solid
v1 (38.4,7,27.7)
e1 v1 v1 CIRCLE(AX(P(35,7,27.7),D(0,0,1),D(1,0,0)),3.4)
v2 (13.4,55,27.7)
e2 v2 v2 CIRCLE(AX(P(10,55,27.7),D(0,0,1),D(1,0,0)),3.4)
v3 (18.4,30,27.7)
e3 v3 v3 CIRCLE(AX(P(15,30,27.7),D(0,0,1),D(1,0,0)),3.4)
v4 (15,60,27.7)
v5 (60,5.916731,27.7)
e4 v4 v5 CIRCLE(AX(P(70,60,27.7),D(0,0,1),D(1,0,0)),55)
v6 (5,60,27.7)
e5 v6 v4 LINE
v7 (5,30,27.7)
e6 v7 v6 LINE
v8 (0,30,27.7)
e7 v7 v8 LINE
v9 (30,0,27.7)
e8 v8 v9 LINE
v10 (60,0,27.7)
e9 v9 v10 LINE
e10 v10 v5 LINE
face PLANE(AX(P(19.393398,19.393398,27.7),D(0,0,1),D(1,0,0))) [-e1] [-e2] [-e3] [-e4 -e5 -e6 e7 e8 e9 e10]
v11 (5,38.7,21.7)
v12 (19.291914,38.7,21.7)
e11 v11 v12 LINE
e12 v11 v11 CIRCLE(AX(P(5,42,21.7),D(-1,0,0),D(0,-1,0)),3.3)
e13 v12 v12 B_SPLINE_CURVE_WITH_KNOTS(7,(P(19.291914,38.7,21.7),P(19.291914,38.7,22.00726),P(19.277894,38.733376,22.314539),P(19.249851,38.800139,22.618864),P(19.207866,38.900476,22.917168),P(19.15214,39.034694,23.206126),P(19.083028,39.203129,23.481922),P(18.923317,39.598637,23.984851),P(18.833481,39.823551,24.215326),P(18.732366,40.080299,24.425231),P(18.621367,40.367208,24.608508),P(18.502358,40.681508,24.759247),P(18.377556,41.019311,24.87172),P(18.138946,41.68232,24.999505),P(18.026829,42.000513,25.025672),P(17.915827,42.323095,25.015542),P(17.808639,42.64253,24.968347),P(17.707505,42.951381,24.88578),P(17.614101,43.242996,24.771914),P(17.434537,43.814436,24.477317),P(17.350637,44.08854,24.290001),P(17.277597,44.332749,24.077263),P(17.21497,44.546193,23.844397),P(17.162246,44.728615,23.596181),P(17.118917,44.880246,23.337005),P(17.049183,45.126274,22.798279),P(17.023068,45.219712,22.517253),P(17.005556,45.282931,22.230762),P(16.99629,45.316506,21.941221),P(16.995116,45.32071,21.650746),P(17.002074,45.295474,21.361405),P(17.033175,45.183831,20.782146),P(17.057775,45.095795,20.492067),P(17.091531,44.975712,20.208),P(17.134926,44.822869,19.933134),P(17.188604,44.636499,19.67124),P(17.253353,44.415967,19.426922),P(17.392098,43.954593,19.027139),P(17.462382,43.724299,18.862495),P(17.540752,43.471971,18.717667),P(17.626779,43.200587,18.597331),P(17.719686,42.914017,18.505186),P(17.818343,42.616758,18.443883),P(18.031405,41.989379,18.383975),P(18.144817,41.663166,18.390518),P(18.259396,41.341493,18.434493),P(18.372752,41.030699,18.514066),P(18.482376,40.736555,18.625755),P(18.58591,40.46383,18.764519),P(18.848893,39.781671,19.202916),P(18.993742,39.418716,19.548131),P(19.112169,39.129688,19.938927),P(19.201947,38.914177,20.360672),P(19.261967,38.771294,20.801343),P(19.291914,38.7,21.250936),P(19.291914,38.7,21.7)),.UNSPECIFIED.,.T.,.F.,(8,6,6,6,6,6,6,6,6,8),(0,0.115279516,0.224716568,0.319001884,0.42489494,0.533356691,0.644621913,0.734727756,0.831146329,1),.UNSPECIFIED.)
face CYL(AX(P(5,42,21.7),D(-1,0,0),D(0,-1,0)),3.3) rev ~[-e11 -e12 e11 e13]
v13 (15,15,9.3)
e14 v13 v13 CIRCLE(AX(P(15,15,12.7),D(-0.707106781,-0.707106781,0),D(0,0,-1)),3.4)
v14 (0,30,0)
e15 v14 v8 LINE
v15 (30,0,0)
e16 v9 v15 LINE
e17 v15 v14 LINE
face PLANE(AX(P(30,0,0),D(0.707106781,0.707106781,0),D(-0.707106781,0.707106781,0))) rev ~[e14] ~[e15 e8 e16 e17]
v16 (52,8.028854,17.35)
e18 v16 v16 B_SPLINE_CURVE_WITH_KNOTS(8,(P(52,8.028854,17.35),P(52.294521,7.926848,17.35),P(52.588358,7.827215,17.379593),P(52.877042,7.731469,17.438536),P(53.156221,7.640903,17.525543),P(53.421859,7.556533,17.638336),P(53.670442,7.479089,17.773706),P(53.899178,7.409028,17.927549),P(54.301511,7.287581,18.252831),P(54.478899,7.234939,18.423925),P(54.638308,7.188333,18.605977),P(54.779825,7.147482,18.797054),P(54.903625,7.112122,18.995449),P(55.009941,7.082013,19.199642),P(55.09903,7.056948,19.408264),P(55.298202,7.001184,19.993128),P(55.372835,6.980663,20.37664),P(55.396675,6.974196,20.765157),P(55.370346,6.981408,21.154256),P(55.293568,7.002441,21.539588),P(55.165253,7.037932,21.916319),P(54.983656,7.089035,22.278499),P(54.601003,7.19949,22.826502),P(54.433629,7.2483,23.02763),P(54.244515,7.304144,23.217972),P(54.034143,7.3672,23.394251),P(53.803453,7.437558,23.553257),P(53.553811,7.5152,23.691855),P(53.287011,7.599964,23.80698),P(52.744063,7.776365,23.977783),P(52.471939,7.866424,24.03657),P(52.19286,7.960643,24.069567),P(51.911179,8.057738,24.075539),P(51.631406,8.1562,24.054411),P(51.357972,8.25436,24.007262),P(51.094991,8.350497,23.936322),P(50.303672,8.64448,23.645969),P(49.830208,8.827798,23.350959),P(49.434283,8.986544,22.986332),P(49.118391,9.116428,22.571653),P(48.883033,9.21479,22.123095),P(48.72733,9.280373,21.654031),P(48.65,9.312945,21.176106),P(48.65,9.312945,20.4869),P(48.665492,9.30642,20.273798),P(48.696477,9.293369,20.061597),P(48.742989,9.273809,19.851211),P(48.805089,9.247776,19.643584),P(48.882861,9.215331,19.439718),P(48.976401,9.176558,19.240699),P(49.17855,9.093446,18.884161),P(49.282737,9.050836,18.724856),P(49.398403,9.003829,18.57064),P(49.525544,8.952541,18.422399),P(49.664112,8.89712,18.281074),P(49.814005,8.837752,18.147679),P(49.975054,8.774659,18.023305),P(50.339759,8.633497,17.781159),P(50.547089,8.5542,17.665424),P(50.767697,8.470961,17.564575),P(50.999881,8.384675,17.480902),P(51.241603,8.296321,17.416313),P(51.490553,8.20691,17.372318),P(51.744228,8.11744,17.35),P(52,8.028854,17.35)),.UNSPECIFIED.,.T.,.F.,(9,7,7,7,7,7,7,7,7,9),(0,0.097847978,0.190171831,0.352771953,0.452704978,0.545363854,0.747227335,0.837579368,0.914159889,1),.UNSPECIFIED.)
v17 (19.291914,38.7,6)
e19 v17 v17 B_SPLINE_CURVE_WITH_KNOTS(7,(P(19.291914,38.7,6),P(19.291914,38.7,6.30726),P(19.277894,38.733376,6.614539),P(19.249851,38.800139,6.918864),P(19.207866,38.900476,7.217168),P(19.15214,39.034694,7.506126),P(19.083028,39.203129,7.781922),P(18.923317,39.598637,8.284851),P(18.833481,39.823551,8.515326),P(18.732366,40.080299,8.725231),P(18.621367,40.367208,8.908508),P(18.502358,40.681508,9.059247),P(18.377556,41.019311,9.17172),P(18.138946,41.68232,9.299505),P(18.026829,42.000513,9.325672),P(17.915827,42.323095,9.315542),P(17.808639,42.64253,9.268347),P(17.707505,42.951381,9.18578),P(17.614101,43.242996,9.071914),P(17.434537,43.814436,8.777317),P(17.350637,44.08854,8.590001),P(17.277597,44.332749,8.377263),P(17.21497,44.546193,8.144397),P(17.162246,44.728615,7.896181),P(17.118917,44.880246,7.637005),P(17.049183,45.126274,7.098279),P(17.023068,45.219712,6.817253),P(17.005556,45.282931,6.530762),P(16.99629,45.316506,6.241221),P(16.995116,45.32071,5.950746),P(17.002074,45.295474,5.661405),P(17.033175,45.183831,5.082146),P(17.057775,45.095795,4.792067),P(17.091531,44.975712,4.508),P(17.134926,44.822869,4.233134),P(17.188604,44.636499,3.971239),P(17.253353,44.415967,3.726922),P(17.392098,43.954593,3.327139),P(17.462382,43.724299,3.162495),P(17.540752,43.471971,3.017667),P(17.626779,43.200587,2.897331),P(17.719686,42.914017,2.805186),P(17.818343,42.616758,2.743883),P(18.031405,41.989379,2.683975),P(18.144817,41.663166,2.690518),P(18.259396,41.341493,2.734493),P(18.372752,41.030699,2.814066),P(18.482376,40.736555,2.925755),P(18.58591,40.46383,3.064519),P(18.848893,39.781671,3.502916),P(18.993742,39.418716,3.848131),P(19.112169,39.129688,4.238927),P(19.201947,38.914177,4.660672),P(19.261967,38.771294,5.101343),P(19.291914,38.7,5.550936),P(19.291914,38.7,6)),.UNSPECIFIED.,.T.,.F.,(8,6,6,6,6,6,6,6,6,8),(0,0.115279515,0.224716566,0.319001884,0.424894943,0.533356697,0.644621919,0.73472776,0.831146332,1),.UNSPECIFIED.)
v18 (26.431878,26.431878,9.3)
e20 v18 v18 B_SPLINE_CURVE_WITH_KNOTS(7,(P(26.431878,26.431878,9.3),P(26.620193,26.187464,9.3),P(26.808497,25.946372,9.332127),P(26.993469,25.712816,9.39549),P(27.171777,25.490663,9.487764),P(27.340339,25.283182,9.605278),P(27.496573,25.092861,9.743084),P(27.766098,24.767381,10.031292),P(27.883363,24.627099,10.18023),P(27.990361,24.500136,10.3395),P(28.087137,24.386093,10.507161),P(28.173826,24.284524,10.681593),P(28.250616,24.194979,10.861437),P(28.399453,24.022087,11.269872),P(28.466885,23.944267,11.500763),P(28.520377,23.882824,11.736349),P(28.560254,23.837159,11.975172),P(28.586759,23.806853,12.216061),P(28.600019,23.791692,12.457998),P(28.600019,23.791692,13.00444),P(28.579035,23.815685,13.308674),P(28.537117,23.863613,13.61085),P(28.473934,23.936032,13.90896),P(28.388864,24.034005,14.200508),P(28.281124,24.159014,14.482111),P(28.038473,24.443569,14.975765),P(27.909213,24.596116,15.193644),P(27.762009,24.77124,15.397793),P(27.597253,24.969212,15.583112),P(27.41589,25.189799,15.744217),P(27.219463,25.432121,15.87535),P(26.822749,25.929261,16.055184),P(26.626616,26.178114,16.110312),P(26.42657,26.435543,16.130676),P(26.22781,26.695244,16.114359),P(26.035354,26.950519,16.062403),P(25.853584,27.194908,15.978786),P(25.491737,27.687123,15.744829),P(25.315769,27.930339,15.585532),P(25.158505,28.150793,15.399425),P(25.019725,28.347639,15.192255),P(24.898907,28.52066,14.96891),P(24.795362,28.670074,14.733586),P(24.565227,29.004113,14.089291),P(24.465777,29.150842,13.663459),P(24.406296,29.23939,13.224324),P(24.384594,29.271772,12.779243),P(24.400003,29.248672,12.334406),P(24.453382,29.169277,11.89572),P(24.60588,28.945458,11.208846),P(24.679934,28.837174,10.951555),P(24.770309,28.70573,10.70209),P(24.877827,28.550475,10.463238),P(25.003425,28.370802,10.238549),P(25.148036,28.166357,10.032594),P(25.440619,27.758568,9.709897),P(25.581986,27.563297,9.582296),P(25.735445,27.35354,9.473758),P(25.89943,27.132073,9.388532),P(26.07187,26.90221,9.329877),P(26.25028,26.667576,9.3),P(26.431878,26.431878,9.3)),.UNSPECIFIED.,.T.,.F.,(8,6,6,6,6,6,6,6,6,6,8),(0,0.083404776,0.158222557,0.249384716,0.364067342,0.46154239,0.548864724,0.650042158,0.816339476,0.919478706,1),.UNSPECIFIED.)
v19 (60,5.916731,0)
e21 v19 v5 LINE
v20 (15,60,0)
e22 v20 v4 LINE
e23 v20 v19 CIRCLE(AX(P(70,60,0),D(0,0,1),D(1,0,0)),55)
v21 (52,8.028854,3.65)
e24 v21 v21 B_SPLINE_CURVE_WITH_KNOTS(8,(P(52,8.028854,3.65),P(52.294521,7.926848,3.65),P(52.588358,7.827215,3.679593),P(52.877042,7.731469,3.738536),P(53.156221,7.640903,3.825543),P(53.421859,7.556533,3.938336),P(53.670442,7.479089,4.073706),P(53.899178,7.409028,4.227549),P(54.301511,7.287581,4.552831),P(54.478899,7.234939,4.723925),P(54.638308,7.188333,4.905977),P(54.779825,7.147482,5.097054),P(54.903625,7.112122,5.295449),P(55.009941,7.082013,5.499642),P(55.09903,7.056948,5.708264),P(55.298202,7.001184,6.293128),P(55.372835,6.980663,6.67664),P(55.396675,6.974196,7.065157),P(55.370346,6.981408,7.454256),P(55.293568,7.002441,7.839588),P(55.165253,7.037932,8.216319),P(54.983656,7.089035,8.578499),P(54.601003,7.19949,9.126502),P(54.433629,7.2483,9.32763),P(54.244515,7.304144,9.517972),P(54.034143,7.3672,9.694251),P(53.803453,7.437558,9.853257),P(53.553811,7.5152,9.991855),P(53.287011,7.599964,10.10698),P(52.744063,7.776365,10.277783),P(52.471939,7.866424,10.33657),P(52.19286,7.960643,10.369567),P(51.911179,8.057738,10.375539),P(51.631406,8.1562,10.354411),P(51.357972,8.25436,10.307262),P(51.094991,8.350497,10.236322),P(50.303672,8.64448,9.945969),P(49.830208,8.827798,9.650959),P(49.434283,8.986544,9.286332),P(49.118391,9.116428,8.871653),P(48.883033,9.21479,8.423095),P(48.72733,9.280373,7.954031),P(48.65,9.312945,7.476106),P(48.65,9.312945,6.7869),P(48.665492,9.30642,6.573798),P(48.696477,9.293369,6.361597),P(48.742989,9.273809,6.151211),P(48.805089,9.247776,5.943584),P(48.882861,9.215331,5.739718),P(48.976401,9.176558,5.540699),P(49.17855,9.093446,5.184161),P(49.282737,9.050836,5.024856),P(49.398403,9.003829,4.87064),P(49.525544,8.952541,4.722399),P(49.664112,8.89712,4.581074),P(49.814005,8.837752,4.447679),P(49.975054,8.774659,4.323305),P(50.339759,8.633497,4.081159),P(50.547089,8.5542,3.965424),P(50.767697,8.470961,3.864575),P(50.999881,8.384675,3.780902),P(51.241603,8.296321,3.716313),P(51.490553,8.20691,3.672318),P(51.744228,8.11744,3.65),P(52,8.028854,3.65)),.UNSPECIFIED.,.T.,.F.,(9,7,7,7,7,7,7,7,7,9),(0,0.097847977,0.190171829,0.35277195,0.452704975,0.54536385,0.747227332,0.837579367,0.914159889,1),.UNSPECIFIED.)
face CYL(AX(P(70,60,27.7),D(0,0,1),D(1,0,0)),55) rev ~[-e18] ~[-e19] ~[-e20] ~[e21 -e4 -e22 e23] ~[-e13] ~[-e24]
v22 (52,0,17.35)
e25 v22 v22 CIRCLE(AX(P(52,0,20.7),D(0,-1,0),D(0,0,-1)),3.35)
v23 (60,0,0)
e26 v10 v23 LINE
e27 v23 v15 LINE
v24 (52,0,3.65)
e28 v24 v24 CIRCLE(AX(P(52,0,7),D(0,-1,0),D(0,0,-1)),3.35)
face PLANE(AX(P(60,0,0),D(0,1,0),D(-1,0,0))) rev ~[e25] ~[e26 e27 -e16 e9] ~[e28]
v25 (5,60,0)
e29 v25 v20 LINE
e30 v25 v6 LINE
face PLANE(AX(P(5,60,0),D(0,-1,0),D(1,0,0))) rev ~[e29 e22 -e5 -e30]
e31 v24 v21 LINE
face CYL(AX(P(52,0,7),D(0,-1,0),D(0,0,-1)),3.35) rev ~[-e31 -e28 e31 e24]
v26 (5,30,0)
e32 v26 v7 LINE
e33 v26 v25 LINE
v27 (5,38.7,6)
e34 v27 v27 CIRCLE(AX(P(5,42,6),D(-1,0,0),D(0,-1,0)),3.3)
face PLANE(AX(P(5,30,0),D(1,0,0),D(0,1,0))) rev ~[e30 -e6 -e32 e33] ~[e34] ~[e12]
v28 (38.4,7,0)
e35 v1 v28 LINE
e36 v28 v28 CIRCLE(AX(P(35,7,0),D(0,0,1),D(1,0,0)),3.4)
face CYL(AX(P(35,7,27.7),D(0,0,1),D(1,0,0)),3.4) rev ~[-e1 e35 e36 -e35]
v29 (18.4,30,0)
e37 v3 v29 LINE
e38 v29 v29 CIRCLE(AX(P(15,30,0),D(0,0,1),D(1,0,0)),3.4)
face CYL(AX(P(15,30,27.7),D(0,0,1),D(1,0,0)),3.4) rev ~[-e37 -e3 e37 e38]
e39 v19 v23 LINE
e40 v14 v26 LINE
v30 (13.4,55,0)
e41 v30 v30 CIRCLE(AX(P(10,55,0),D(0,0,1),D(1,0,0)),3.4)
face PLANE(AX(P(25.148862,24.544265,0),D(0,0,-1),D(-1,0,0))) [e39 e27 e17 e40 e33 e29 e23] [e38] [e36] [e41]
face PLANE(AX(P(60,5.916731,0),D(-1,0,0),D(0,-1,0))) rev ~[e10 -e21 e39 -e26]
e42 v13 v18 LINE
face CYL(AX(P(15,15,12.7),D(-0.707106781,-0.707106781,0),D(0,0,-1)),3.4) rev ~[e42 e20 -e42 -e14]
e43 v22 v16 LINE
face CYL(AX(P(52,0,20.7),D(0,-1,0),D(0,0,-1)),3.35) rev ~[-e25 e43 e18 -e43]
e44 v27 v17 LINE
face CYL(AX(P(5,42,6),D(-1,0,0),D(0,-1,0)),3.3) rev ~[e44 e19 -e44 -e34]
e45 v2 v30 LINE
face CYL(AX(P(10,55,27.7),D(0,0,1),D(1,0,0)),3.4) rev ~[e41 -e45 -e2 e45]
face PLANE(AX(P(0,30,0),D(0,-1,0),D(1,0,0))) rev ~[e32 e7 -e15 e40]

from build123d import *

# Parameters (mm, degrees)
SKETCH_1_W          = 30
SKETCH_1_H          = 30
SKETCH_1_W_2        = 25
EXTRUDE_1_DEPTH     = 27.7
SKETCH_3_R          = 55
CUT_EXTRUDE_1_DEPTH = 40
SKETCH_4_R          = 3.4
CUT_EXTRUDE_2_DEPTH = 90.259677346
SKETCH_5_R          = 3.3
CUT_EXTRUDE_3_DEPTH = 86.978427527
SKETCH_6_R          = 3.35
CUT_EXTRUDE_4_DEPTH = 90.259677512
EXTRUDE_2_DEPTH     = 50
SKETCH_8_R          = 3.4
CUT_EXTRUDE_5_DEPTH = 50
CUT_EXTRUDE_START   = -50
CUT_EXTRUDE_6_DEPTH = 50


with BuildPart() as part:
    # 草图1 → 凸台-拉伸1 (new body)
    with BuildSketch(Plane.XY):
        Polygon((0, 30), (30, 0), (30, 30), align=None)
        with Locations((45, 15)):
            Rectangle(SKETCH_1_W, SKETCH_1_H)
        with Locations((17.5, 45)):
            Rectangle(SKETCH_1_W_2, SKETCH_1_H)
    extrude(amount=EXTRUDE_1_DEPTH)

    # 草图3 → 切除-拉伸1 (cut)
    with BuildSketch(Plane.XY.offset(27.7)):
        with Locations((70, 60)):
            Circle(SKETCH_3_R)
    extrude(amount=-CUT_EXTRUDE_1_DEPTH, mode=Mode.SUBTRACT)

    # 草图4 → 切除-拉伸2 (cut, through all)
    with BuildSketch(Plane.XY.offset(27.7)):
        with Locations((35, 7)):
            Circle(SKETCH_4_R)
        with Locations((10, 55)):
            Circle(SKETCH_4_R)
        with Locations((15, 30)):
            Circle(SKETCH_4_R)
    extrude(amount=-CUT_EXTRUDE_2_DEPTH, mode=Mode.SUBTRACT)

    # 草图5 → 切除-拉伸3 (cut, through all)
    with BuildSketch(Plane.ZY.offset(-5)):
        with Locations(Location((6, 42, 0), (0, 0, 270))):
            Circle(SKETCH_5_R)
        with Locations(Location((21.7, 42, 0), (0, 0, 270))):
            Circle(SKETCH_5_R)
    extrude(amount=-CUT_EXTRUDE_3_DEPTH, mode=Mode.SUBTRACT)

    # 草图6 → 切除-拉伸4 (cut, through all)
    with BuildSketch(Plane.XZ):
        with Locations(Location((52, 20.7, 0), (0, 0, 270))):
            Circle(SKETCH_6_R)
        with Locations(Location((52, 7, 0), (0, 0, 270))):
            Circle(SKETCH_6_R)
    extrude(amount=-CUT_EXTRUDE_4_DEPTH, mode=Mode.SUBTRACT)

    # 草图7 → 凸台-拉伸2 (add)
    with BuildSketch(Plane(origin=(0, 0, 0), x_dir=(-1, 0, 0), z_dir=(0, 0, -1))):
        with BuildLine():
            Line((-5, 60), (-15, 60))
            ThreePointArc((-15, 60), (-27.721163687, 24.821881801), (-60, 5.916730868))
            Line((-60, 5.916730868), (-60, 0))
            Line((-60, 0), (-30, 0))
            Line((-30, 0), (0, 30))
            Line((0, 30), (-5, 30))
            Line((-5, 30), (-5, 60))
        make_face()
    extrude(amount=EXTRUDE_2_DEPTH)

    # 草图8 → 切除-拉伸5 (cut)
    with BuildSketch(Plane(origin=(15, 15, 0), x_dir=(0, 0, 1), z_dir=(-0.7071067811865477, -0.7071067811865475, 0))):
        with BuildLine():
            ThreePointArc((16.1, 0), (12.7, 3.4), (9.3, 0))
            Line((9.3, 0), (16.1, 0))
        make_face()
        with BuildLine():
            Line((16.1, 0), (9.3, 0))
            ThreePointArc((9.3, 0), (12.7, -3.4), (16.1, 0))
        make_face()
        with Locations(Location((-40, 10, 0), (0, 0, 270))):
            Circle(SKETCH_8_R)
        with Locations(Location((-20, 10, 0), (0, 0, 270))):
            Circle(SKETCH_8_R)
        with Locations(Location((-40, -10, 0), (0, 0, 270))):
            Circle(SKETCH_8_R)
        with Locations(Location((-20, -10, 0), (0, 0, 270))):
            Circle(SKETCH_8_R)
    extrude(amount=-CUT_EXTRUDE_5_DEPTH, mode=Mode.SUBTRACT)

    # 草图9 → 切除-拉伸6 (cut)
    with BuildSketch(Plane(origin=(0, 0, -50), x_dir=(-1, 0, 0), z_dir=(0, 0, -1)).offset(CUT_EXTRUDE_START)):
        with BuildLine():
            Line((-5, 30), (-5, 60))
            Line((-5, 60), (-15, 60))
            ThreePointArc((-15, 60), (-27.721163687, 24.821881801), (-60, 5.916730868))
            Line((-60, 5.916730868), (-60, 0))
            Line((-60, 0), (-30, 0))
            Line((-30, 0), (0, 30))
            Line((0, 30), (-5, 30))
        make_face()
    extrude(amount=CUT_EXTRUDE_6_DEPTH, mode=Mode.SUBTRACT)


solid = part.part
